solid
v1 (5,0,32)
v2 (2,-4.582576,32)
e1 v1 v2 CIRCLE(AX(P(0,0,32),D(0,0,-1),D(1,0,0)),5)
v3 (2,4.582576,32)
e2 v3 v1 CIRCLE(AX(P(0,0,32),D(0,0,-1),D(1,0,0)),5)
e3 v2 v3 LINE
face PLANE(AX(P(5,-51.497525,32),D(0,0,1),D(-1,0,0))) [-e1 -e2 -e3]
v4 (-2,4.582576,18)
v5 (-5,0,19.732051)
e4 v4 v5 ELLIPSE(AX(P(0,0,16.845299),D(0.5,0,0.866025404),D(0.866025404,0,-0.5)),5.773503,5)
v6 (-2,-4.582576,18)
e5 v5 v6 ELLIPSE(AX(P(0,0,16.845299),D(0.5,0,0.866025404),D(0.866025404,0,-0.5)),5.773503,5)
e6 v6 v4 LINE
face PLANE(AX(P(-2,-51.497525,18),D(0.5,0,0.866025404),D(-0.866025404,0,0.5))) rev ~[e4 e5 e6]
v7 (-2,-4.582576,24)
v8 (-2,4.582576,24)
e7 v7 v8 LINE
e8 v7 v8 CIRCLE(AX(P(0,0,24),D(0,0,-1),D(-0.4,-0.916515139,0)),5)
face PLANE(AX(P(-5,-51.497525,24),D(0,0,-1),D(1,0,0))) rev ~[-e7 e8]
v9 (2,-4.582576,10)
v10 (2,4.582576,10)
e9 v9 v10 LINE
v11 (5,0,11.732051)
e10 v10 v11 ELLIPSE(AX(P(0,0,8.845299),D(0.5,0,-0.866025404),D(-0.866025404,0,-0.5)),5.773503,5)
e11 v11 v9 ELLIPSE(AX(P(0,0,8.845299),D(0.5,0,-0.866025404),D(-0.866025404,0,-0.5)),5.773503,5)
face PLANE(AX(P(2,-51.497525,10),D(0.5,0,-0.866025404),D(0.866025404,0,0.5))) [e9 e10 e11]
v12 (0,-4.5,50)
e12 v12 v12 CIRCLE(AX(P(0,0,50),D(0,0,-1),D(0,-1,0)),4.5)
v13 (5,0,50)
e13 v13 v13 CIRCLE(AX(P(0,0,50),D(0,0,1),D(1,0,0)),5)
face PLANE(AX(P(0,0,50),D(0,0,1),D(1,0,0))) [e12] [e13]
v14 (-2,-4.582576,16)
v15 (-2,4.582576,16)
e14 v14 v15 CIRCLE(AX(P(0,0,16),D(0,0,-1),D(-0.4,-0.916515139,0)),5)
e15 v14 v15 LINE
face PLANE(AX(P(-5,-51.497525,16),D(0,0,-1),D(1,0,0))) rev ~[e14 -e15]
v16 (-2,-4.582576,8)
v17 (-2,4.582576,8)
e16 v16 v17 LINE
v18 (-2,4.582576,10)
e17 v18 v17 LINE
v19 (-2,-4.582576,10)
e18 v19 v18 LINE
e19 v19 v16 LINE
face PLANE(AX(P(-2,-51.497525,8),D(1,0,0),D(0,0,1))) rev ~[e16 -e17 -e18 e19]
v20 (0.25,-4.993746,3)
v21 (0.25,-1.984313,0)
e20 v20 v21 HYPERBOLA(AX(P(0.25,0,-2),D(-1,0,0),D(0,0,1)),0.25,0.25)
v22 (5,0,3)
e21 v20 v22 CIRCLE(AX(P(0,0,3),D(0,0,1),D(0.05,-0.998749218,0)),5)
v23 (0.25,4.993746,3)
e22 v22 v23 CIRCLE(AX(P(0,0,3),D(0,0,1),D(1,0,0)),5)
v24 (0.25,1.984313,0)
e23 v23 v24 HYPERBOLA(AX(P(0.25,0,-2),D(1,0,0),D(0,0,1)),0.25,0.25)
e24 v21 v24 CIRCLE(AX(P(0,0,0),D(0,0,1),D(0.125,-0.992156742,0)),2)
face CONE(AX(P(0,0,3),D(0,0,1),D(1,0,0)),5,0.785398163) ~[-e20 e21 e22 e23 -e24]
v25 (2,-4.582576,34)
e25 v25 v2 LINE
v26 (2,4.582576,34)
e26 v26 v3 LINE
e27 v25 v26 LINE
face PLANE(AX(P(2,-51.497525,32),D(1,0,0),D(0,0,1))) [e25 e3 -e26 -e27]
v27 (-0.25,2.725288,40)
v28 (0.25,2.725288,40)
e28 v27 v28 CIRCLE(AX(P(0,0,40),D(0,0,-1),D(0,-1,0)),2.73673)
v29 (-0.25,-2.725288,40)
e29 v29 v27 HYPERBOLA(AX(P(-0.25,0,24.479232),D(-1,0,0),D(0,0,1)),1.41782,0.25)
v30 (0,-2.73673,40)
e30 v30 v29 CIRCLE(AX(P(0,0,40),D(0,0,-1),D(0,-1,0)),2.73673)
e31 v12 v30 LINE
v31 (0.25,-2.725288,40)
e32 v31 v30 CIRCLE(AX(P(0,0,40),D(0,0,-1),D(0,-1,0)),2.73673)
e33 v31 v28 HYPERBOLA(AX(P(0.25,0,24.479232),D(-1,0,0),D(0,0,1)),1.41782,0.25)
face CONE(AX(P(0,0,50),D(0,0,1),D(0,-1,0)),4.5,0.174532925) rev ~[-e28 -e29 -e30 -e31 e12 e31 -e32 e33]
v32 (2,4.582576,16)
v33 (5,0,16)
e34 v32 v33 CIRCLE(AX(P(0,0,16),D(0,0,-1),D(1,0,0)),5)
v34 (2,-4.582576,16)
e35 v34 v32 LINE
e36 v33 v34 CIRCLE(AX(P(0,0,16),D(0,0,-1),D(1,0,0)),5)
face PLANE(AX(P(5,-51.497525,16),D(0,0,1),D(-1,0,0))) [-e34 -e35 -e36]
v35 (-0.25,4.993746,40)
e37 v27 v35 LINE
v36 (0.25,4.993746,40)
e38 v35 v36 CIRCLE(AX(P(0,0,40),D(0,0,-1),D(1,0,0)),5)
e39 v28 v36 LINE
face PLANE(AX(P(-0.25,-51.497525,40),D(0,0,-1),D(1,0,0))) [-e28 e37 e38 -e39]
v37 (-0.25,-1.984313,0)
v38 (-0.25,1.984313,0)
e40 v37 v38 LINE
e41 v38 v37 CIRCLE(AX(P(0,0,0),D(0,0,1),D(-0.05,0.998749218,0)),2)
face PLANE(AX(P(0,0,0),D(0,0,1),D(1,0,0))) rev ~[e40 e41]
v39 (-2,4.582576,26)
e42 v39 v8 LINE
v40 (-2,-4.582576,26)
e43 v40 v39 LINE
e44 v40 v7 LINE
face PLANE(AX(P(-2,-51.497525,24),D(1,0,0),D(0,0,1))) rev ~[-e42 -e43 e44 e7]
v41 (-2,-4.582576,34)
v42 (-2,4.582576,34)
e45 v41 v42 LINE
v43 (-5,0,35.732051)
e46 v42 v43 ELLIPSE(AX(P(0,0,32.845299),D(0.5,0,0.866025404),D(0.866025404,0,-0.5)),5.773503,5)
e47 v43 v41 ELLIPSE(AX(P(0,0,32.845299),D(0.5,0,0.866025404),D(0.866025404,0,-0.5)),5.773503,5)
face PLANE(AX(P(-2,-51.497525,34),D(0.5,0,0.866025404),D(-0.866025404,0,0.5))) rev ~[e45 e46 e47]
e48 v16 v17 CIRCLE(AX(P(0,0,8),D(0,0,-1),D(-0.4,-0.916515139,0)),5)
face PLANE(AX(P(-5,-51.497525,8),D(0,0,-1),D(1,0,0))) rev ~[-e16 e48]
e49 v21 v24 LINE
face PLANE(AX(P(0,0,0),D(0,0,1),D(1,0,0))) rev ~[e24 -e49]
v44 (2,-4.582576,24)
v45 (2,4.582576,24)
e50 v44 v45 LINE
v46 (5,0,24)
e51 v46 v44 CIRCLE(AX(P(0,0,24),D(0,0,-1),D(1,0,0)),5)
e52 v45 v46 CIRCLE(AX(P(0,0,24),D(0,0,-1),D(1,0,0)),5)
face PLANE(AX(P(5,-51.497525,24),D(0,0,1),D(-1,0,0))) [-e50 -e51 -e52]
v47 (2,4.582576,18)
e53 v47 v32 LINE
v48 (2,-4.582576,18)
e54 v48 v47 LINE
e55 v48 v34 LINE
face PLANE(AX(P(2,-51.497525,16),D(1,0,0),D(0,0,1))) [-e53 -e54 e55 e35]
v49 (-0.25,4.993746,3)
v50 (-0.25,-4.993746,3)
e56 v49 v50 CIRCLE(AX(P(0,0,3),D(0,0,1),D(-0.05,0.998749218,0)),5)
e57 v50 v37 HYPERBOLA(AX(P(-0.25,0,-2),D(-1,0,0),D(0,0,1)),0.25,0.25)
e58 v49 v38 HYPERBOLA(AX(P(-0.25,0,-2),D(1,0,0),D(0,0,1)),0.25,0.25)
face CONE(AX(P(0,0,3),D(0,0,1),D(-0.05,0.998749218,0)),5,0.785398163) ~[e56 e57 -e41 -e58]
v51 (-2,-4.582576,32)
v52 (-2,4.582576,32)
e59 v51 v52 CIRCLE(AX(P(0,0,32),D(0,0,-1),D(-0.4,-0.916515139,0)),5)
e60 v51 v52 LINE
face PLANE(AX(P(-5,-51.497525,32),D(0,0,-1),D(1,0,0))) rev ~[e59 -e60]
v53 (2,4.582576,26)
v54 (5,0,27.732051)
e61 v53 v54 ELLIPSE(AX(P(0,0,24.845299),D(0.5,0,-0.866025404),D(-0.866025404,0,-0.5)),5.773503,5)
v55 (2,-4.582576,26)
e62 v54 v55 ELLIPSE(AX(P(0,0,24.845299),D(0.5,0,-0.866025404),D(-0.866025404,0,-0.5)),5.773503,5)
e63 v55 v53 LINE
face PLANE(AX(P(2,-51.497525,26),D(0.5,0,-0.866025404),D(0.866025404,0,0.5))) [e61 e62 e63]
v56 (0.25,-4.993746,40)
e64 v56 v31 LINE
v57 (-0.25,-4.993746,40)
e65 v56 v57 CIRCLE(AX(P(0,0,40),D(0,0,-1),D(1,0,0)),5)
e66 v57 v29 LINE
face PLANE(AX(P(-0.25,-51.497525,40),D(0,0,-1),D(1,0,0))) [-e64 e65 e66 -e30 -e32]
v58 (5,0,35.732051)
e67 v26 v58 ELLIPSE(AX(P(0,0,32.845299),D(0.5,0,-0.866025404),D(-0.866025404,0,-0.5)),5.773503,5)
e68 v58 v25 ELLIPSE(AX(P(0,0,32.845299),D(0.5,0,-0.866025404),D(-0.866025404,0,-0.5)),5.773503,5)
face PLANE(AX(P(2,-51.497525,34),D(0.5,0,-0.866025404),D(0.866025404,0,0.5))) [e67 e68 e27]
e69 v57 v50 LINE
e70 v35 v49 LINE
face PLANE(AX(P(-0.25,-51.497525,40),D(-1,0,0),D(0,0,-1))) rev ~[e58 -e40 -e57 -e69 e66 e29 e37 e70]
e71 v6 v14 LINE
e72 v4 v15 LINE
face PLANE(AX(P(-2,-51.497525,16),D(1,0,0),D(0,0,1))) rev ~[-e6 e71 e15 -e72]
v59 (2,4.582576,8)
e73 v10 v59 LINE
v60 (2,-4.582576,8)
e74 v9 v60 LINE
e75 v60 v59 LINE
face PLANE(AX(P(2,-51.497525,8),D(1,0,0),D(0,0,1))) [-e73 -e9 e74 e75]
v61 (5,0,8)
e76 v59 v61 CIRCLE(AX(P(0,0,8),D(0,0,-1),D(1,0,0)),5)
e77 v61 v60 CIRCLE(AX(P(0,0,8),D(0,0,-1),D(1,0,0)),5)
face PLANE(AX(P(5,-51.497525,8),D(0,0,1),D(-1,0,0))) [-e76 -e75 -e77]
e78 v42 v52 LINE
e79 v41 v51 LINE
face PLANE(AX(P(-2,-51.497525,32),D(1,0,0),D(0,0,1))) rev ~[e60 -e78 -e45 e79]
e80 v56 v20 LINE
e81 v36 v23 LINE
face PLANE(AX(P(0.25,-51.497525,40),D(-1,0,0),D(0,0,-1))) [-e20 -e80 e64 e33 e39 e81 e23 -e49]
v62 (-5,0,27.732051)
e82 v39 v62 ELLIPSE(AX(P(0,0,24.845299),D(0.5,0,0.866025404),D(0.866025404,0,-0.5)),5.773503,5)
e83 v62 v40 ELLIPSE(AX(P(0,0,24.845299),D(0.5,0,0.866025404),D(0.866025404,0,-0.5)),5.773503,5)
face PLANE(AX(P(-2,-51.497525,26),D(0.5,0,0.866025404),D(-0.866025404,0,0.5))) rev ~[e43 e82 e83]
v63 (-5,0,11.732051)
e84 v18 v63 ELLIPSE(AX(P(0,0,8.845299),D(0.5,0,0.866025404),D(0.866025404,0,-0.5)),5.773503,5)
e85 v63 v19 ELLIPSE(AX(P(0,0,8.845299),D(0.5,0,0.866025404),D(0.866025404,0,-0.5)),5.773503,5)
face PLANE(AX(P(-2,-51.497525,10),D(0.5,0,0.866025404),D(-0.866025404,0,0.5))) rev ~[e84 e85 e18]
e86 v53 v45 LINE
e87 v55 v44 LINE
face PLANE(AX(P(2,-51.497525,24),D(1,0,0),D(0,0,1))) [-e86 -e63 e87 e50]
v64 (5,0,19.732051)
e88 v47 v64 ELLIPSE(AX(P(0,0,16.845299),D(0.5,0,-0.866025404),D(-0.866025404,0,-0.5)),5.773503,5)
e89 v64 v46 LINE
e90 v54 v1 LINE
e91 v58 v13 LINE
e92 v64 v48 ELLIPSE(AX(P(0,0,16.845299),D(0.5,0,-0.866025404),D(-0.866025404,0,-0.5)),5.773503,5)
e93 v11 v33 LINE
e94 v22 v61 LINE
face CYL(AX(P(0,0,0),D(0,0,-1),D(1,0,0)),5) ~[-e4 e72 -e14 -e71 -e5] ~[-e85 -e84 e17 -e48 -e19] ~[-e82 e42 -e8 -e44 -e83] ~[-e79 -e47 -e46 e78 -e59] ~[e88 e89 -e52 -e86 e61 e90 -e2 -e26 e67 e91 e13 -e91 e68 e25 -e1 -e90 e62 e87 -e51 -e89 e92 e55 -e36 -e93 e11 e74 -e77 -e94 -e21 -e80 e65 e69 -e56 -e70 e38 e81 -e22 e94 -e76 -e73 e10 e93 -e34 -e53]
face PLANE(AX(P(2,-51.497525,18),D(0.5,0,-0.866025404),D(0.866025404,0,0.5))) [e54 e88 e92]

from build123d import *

# Parameters (mm, degrees)
SKETCH1_R               = 5
BOSS_EXTRUDE1_DEPTH     = 50
CUT_EXTRUDE1_DEPTH      = 51.497524692
CUT_EXTRUDE1_DEPTH_BACK = 51.497524692
SKETCH2_W               = 0.5
SKETCH2_H               = 40
CHAMFER1_SIZE           = 3


with BuildPart() as part:
    # Sketch1 → Boss-Extrude1 (new body)
    with BuildSketch(Plane.XY):
        Circle(SKETCH1_R)
    extrude(amount=BOSS_EXTRUDE1_DEPTH)

    # Sketch2 → Cut-Extrude1 (cut, two sides: drawn at the far end of the back side and taken through both)
    with BuildSketch(Plane(origin=(0, 0, 0), x_dir=(1, 0, 0), z_dir=(0, 1, 0)).offset(-CUT_EXTRUDE1_DEPTH_BACK)):
        with Locations((0, -20)):
            Rectangle(SKETCH2_W, SKETCH2_H)
        Polygon((-5, -8), (-2, -8), (-2, -10), (-5, -11.732050808), align=None)
        Polygon((2, -10), (5, -11.732050808), (5, -8), (2, -8), align=None)
        Polygon((-5, -16), (-2, -16), (-2, -18), (-5, -19.732050808), align=None)
        Polygon((2, -16), (2, -18), (5, -19.732050808), (5, -16), align=None)
        Polygon((-5, -24), (-2, -24), (-2, -26), (-5, -27.732050808), align=None)
        Polygon((2, -24), (2, -26), (5, -27.732050808), (5, -24), align=None)
        Polygon((-5, -32), (-2, -32), (-2, -34), (-5, -35.732050808), align=None)
        Polygon((2, -32), (2, -34), (5, -35.732050808), (5, -32), align=None)
    extrude(amount=CUT_EXTRUDE1_DEPTH + CUT_EXTRUDE1_DEPTH_BACK, mode=Mode.SUBTRACT)

    # Chamfer1
    chamfer1_edges = [part.edges().sort_by_distance(p)[0] for p in [
        (-5, 0, 0),
        (3.622844187, -3.446012188, 0),
    ]]
    chamfer(chamfer1_edges, length=CHAMFER1_SIZE)

    # Cut-Extrude2 cone 1 section (through the dimple's axis) → Cut-Extrude2 (revolve, cut)
    with BuildSketch(Plane(origin=(0, 0, 50), x_dir=(0, -1, 0), z_dir=(1, 0, 0))):
        Polygon((0, 0), (4.5, 0), (0, 25.520768188), align=None)
    revolve(axis=Axis((0, 0, 50), (0, 0, -1)), mode=Mode.SUBTRACT)


solid = part.part
